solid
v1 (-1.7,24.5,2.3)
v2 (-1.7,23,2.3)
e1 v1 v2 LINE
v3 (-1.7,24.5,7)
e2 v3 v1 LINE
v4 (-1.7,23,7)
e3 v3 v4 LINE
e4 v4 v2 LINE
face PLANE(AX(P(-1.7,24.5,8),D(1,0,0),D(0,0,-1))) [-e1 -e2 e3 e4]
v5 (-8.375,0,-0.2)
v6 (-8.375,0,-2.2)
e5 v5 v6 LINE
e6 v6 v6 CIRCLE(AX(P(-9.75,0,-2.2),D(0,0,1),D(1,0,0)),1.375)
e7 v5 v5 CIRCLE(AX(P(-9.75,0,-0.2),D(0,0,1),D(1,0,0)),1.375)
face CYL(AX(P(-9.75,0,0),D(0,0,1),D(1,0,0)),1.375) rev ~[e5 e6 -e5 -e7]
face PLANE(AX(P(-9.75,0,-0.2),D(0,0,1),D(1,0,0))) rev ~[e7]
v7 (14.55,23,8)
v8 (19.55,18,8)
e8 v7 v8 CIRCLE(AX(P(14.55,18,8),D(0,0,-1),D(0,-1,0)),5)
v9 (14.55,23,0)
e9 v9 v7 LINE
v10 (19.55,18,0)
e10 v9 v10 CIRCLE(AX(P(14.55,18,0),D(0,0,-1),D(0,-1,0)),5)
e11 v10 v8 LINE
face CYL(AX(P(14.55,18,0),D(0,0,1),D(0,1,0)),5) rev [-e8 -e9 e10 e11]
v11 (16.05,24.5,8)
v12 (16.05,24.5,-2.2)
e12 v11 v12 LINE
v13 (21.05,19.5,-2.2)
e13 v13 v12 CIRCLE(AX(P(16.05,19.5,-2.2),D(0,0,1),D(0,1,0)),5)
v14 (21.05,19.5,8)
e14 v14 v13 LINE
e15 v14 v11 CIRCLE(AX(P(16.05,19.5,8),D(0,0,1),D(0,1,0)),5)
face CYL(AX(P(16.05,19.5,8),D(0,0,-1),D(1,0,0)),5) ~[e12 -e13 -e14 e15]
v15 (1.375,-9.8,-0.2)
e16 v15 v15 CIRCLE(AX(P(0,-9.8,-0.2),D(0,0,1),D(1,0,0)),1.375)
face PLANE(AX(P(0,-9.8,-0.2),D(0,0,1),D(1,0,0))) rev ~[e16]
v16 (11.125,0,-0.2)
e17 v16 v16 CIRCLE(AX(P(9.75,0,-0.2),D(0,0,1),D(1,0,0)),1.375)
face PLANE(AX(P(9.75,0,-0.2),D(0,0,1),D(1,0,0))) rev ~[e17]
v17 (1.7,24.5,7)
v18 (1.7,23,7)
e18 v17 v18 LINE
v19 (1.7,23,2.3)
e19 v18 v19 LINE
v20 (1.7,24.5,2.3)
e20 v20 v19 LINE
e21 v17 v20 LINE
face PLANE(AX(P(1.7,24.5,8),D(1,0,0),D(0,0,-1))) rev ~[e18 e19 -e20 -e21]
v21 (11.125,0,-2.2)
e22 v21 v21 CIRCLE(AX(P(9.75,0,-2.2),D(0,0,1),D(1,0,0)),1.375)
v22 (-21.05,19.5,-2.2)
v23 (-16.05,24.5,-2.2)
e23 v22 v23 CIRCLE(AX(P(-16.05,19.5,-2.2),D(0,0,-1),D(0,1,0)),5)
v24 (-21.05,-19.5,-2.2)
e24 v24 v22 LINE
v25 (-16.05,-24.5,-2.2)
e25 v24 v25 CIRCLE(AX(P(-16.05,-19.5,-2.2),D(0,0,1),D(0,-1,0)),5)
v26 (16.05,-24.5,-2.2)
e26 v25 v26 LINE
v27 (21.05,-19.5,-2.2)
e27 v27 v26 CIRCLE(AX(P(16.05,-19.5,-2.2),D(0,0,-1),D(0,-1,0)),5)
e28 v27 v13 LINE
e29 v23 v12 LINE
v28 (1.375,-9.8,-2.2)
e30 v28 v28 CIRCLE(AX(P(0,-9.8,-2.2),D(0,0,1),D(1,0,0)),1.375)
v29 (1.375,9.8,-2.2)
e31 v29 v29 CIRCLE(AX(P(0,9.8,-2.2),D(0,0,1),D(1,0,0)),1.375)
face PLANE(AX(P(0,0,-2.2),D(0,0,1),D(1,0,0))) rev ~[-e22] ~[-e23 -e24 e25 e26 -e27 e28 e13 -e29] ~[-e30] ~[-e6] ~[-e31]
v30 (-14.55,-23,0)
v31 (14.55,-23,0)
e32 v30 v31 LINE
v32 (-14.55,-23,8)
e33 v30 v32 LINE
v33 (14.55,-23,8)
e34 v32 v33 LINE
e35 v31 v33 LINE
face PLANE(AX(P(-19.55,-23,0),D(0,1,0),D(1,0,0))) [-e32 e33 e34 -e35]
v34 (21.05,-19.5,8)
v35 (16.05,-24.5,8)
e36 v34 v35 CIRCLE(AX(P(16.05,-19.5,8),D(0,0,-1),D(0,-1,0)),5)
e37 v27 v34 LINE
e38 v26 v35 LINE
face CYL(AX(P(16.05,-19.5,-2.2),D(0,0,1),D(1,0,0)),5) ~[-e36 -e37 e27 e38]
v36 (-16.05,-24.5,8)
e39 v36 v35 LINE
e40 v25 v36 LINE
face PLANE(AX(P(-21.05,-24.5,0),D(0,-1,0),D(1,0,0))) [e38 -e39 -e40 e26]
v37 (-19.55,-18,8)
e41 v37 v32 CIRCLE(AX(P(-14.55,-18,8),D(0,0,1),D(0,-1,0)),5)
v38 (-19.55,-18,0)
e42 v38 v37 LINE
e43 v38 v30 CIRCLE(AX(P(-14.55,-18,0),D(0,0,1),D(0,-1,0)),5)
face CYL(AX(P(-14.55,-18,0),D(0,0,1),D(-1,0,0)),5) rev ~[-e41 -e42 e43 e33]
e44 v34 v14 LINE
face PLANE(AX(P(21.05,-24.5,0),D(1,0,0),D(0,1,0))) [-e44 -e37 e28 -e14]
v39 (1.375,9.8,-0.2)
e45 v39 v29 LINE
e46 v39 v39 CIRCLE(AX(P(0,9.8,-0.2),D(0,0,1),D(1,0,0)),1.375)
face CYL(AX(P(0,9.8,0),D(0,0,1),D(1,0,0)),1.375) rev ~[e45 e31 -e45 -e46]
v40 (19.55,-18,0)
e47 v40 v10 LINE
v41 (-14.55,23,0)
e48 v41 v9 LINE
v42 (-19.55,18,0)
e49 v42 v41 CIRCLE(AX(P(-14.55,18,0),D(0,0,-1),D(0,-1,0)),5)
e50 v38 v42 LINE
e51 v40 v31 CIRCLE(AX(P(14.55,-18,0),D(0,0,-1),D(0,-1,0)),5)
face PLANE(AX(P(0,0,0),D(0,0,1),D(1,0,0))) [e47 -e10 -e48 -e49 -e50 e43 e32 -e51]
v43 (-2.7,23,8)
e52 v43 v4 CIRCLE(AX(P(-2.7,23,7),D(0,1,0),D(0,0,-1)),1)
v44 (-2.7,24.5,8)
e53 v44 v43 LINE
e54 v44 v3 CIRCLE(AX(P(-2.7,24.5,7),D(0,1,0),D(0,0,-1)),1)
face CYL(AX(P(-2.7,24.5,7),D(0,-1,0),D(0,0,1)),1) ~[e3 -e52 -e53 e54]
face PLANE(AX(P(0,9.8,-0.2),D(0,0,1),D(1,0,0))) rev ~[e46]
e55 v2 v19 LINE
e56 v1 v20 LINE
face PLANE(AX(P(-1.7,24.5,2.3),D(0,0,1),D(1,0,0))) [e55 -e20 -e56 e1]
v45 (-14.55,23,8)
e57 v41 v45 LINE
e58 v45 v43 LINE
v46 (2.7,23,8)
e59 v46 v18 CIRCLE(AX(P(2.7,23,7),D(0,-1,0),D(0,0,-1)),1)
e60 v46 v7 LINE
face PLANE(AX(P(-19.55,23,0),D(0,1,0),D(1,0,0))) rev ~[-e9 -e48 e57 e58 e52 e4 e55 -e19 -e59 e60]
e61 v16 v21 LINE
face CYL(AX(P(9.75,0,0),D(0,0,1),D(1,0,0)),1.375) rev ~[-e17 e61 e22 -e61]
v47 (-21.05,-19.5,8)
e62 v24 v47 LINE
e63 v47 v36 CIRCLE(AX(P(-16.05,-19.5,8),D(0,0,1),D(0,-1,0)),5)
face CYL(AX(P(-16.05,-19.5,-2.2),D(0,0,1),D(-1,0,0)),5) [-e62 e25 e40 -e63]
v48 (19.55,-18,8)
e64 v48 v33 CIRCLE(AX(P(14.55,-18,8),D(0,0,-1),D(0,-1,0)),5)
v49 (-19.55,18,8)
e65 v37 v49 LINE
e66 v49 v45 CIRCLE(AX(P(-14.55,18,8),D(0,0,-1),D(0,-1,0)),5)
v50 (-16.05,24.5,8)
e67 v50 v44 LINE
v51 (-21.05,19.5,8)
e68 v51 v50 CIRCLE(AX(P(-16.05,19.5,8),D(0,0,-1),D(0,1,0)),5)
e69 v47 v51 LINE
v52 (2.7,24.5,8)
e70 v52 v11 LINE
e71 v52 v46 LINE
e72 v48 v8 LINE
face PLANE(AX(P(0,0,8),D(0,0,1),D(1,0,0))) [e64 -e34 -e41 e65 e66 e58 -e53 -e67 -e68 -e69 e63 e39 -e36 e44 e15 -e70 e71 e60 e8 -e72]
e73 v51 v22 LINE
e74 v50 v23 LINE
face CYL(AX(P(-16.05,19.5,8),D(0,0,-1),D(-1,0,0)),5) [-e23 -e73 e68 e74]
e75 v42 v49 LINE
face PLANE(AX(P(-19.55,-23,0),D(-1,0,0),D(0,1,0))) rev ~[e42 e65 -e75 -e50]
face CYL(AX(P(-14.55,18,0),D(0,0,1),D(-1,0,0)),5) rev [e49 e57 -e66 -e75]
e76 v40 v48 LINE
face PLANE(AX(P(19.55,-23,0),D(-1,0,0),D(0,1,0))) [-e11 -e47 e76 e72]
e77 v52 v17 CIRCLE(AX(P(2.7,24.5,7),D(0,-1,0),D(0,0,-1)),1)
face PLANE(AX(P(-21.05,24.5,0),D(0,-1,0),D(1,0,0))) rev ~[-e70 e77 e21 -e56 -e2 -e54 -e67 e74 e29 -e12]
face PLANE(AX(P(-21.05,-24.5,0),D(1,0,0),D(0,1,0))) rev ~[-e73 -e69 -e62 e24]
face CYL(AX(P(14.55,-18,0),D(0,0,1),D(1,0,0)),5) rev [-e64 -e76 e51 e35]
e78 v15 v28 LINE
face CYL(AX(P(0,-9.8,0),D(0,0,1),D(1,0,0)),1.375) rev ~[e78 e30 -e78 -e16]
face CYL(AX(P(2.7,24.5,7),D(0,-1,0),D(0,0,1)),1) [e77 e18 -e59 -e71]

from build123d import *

# Parameters (mm, degrees)
SKETCH1_W           = 42.1
SKETCH1_H           = 49
SKETCH1_W_2         = 39.1
SKETCH1_H_2         = 46
BOSS_EXTRUDE1_DEPTH = 8
SKETCH1_2_W         = 42.1
SKETCH1_2_H         = 49
BOSS_EXTRUDE2_DEPTH = 2.2
FILLET1_R           = 5
SKETCH2_W           = 3.4
SKETCH2_H           = 5.7
CUT_EXTRUDE1_DEPTH  = 1.5
FILLET2_R           = 1
SKETCH3_R           = 1.375
CUT_EXTRUDE2_DEPTH  = 2.2
SKETCH4_R           = 1.5
BOSS_EXTRUDE3_DEPTH = 0.2


with BuildPart() as part:
    # Sketch1 → Boss-Extrude1 (new body)
    with BuildSketch(Plane.XY):
        Rectangle(SKETCH1_W, SKETCH1_H)
        Rectangle(SKETCH1_W_2, SKETCH1_H_2, mode=Mode.SUBTRACT)
    extrude(amount=BOSS_EXTRUDE1_DEPTH)

    # Sketch1<2> → Boss-Extrude2 (add)
    with BuildSketch(Plane.XY):
        Rectangle(SKETCH1_2_W, SKETCH1_2_H)
    extrude(amount=-BOSS_EXTRUDE2_DEPTH)

    # Fillet1
    fillet1_edges = [part.edges().sort_by_distance(p)[0] for p in [
        (-19.55, 23, 4),
        (-19.55, -23, 4),
        (19.55, -23, 4),
        (19.55, 23, 4),
        (-21.05, 24.5, 2.9),
        (21.05, 24.5, 2.9),
        (21.05, -24.5, 2.9),
        (-21.05, -24.5, 2.9),
    ]]
    fillet(fillet1_edges, radius=FILLET1_R)

    # Sketch2 → Cut-Extrude1 (cut)
    with BuildSketch(Plane(origin=(0, 24.5, 0), x_dir=(1, 0, 0), z_dir=(0, 1, 0))):
        with Locations((0, -5.15)):
            Rectangle(SKETCH2_W, SKETCH2_H)
    extrude(amount=-CUT_EXTRUDE1_DEPTH, mode=Mode.SUBTRACT)

    # Fillet2
    fillet2_edges = [part.edges().sort_by_distance(p)[0] for p in [
        (1.7, 23.75, 8),
        (-1.7, 23.75, 8),
    ]]
    fillet(fillet2_edges, radius=FILLET2_R)

    # Sketch3 → Cut-Extrude2 (cut)
    with BuildSketch(Plane.XY):
        with Locations((0, 9.8)):
            Circle(SKETCH3_R)
        with Locations((-9.75, 0)):
            Circle(SKETCH3_R)
        with Locations((0, -9.8)):
            Circle(SKETCH3_R)
        with Locations((9.75, 0)):
            Circle(SKETCH3_R)
    extrude(amount=-CUT_EXTRUDE2_DEPTH, mode=Mode.SUBTRACT)

    # Sketch4 → Boss-Extrude3 (add)
    with BuildSketch(Plane.XY):
        with Locations((-9.75, 0)):
            Circle(SKETCH4_R)
        with Locations((0, 9.8)):
            Circle(SKETCH4_R)
        with Locations((9.75, 0)):
            Circle(SKETCH4_R)
        with Locations((0, -9.8)):
            Circle(SKETCH4_R)
    extrude(amount=-BOSS_EXTRUDE3_DEPTH)


solid = part.part
